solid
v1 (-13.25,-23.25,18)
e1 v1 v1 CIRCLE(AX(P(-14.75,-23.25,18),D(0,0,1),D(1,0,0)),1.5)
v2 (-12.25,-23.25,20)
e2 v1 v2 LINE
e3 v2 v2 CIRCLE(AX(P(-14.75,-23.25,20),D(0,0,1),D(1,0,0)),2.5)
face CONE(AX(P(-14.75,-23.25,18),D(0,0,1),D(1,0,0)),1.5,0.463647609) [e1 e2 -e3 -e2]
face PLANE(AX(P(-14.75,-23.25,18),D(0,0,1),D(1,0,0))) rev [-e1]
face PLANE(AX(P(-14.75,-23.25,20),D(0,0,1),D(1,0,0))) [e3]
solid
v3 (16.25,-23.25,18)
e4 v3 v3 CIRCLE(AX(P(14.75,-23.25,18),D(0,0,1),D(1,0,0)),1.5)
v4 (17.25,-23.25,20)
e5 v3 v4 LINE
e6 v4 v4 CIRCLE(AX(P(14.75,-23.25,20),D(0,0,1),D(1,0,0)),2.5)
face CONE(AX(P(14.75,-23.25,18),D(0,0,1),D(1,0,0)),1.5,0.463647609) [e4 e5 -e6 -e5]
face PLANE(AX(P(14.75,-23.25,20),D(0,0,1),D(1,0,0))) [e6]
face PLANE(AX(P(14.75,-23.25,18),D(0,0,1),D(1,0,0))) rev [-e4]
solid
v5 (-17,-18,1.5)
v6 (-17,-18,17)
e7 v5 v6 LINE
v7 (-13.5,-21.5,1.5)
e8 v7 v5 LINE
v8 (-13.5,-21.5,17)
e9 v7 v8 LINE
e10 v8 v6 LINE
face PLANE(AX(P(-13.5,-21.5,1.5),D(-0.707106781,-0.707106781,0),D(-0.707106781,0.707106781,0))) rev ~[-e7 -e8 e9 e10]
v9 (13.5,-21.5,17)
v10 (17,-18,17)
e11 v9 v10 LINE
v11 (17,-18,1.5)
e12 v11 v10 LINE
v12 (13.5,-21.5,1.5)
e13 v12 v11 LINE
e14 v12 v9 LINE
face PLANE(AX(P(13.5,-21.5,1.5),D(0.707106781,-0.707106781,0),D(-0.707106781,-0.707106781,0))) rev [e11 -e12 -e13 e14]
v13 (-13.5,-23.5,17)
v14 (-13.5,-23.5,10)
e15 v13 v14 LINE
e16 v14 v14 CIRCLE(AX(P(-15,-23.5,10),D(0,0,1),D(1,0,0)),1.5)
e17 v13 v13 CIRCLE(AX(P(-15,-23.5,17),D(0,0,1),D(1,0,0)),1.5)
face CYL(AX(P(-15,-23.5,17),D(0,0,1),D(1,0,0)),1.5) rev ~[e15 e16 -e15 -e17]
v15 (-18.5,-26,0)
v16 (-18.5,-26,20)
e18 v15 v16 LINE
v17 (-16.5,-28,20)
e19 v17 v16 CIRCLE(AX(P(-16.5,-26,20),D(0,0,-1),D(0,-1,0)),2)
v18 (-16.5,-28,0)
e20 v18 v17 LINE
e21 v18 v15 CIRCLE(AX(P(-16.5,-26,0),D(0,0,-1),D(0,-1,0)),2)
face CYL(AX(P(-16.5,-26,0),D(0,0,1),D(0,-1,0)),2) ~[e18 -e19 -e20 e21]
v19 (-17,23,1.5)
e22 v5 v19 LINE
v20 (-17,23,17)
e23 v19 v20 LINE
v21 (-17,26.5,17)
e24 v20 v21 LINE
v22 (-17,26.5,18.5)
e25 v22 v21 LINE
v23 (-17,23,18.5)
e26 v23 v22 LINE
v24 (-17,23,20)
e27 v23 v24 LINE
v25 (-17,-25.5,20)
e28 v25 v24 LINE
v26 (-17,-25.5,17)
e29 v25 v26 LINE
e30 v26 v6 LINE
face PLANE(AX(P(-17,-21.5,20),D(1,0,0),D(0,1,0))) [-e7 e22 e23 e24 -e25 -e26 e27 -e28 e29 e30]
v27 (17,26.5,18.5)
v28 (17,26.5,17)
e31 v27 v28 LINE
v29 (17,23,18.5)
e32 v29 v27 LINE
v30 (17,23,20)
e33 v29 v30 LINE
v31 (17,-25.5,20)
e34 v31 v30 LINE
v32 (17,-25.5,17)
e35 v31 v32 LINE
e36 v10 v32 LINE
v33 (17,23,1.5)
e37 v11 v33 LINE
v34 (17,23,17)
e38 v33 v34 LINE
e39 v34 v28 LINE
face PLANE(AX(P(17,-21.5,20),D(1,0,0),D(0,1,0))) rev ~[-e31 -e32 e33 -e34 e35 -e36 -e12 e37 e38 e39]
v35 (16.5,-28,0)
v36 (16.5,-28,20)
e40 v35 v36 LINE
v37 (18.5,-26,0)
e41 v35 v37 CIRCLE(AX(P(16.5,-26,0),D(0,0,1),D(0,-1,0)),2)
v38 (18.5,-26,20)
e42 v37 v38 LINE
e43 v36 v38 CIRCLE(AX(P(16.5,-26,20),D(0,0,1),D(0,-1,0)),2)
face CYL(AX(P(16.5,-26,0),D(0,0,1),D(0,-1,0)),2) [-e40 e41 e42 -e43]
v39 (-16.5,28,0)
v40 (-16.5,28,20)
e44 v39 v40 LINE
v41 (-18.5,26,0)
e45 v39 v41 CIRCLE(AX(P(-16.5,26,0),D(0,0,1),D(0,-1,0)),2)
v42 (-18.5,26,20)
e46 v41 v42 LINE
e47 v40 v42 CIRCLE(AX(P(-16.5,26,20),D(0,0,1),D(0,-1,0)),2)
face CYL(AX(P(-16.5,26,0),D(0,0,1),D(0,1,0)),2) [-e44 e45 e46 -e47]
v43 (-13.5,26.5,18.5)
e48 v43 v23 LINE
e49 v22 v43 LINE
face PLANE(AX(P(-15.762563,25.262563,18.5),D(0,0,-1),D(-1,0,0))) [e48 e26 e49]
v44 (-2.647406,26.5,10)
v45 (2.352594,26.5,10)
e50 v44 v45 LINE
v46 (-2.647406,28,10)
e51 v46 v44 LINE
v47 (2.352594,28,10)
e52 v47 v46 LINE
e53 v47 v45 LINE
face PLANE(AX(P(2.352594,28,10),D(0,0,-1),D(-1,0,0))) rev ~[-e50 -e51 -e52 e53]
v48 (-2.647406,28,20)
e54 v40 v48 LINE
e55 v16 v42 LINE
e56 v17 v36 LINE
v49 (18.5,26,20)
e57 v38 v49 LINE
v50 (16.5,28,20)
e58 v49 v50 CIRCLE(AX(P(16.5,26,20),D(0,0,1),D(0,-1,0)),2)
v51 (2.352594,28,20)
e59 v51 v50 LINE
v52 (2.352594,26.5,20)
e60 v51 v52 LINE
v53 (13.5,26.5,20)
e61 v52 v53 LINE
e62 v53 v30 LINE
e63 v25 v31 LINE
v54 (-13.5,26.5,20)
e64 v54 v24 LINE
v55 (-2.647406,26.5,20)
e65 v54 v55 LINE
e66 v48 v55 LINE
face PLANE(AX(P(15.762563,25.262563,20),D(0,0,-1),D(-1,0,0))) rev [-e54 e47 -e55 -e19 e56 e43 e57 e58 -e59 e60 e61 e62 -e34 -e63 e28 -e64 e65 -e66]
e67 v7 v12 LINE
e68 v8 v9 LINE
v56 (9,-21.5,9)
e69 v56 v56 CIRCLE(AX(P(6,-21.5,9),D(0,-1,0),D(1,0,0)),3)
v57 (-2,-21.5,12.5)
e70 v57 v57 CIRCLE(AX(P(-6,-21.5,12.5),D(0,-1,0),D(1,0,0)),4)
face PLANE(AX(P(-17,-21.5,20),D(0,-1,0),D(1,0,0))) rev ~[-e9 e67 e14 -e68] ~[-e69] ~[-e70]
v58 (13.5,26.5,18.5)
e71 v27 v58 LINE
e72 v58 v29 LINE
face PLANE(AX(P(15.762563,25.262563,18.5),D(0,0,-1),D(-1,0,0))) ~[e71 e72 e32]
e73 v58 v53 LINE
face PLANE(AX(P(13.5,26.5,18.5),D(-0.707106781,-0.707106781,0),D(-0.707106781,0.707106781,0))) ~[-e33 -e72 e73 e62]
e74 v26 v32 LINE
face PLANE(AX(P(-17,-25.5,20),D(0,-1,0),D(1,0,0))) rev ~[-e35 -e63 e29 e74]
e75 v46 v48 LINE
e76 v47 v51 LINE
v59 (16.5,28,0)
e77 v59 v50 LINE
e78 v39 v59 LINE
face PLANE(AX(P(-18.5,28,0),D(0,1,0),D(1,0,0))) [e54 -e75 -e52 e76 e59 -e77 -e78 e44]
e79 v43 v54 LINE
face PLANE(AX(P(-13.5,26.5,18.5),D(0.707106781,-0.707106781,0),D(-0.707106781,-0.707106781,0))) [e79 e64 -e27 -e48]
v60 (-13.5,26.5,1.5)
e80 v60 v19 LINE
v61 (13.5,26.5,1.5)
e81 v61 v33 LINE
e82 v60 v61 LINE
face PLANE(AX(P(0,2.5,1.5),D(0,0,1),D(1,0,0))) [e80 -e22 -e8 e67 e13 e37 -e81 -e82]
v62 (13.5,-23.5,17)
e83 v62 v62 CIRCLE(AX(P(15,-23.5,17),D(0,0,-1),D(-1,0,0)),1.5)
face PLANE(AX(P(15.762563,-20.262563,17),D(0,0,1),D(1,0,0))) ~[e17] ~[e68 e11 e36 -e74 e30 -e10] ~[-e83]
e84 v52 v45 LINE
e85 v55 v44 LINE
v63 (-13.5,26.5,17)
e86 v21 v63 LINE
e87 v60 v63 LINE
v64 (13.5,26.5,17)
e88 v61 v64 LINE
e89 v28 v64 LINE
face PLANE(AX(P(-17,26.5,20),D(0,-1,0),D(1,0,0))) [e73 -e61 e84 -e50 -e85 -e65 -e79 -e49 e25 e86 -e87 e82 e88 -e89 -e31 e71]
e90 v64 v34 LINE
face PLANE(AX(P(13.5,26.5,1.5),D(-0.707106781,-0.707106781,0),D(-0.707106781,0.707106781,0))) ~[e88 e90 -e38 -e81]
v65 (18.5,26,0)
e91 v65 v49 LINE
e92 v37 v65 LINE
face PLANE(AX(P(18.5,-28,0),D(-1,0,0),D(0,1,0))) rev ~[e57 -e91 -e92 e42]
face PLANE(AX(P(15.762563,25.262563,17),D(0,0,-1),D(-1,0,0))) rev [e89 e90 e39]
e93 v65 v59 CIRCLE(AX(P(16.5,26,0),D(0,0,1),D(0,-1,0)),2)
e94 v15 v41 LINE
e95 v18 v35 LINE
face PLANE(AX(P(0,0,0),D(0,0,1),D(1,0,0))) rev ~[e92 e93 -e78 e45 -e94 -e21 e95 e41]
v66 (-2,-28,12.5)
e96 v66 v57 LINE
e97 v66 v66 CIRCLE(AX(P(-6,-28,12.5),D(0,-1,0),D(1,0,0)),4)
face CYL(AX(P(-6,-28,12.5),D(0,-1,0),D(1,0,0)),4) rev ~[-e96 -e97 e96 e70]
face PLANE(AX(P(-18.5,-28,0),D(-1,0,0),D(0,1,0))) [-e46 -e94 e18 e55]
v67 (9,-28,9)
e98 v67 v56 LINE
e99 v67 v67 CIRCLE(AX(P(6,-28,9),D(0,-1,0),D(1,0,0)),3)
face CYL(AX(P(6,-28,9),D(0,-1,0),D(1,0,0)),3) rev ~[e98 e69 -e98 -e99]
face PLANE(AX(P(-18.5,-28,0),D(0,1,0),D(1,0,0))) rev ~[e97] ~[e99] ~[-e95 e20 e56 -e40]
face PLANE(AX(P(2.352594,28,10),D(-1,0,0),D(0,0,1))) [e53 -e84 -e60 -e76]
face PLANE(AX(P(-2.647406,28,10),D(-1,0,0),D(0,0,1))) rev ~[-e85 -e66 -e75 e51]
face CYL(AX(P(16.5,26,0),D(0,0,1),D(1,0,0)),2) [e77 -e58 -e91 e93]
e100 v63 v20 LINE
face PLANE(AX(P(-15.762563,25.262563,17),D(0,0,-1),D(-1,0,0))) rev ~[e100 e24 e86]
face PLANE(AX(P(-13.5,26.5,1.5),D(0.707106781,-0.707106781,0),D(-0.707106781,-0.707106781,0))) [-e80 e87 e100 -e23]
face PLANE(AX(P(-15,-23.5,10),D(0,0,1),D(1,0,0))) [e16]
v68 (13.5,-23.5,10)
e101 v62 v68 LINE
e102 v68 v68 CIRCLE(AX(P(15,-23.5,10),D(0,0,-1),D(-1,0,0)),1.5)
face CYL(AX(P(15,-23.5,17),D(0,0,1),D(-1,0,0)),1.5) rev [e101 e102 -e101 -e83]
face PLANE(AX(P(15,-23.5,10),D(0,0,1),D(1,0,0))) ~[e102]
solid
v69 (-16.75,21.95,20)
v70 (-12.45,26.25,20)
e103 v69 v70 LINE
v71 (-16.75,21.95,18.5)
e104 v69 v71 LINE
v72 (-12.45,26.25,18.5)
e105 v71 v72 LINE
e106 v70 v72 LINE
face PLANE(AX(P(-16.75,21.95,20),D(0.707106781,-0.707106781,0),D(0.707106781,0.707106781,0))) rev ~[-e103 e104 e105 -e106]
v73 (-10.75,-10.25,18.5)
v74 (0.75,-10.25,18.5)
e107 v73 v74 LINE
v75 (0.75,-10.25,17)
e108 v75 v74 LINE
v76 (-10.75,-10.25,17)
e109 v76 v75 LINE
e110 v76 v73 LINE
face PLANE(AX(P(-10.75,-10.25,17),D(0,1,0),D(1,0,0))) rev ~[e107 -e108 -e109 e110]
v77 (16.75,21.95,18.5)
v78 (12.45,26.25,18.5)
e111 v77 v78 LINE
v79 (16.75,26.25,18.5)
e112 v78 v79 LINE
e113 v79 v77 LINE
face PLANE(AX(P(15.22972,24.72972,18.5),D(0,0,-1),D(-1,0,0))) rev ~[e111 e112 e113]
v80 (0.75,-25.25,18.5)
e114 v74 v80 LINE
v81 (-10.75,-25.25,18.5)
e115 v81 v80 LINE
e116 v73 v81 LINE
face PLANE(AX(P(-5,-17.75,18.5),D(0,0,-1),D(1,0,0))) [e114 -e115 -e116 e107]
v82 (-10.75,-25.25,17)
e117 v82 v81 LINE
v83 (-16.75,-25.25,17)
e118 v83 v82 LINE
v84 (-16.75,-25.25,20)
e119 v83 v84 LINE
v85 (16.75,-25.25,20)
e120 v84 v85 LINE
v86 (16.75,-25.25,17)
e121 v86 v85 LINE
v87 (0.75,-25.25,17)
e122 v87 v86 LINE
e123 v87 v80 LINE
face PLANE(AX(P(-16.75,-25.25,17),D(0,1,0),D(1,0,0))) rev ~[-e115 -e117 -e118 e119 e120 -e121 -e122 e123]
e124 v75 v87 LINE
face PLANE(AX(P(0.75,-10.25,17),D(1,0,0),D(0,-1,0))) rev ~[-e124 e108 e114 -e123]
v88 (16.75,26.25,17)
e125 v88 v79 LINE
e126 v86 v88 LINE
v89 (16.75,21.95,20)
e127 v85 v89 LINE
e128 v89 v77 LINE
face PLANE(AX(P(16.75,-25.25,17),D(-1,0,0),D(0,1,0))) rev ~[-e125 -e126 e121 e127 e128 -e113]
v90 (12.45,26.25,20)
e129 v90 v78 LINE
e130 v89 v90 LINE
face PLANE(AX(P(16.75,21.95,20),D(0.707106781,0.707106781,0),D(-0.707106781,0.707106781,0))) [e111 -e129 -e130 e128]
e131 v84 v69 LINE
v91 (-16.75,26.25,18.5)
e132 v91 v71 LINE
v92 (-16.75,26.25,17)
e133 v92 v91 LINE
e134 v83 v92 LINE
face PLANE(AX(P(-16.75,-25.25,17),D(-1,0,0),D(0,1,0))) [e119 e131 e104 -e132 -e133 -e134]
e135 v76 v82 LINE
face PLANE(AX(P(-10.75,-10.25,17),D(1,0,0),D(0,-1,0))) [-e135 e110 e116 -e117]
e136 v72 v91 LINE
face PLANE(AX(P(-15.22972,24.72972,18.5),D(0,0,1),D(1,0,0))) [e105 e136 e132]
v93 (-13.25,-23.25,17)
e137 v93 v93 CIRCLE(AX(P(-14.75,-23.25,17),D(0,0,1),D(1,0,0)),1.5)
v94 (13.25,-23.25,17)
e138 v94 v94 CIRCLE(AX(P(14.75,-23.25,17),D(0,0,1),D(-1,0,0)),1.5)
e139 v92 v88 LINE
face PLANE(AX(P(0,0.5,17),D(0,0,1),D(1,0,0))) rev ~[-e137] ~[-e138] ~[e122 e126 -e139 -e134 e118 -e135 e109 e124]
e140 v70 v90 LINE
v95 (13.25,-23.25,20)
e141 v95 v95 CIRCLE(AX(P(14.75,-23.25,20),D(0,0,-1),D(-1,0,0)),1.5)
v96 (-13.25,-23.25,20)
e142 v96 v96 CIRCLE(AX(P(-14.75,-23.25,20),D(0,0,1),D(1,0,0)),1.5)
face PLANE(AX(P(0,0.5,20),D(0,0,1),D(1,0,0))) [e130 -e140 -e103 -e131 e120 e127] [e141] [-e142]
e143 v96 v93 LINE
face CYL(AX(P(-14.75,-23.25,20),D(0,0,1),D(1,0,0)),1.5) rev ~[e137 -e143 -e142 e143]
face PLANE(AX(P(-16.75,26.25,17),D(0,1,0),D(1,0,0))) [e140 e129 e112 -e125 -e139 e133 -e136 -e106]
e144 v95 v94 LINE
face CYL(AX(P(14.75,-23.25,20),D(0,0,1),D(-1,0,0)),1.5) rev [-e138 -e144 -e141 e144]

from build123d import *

# Parameters (mm, degrees)
SKETCH_W        = 37
SKETCH_H        = 56
PAD_DEPTH       = 20
SKETCH001_W     = 34
SKETCH001_H     = 48
POCKET_DEPTH    = 18.5
PAD001_DEPTH    = 15.5
SKETCH003_R     = 3
SKETCH003_R_2   = 4
POCKET001_DEPTH = 6.5
SKETCH004_W     = 34
SKETCH004_H     = 4
POCKET002_DEPTH = 3
PAD002_DEPTH    = 1.5
SKETCH006_R     = 1.5
POCKET003_DEPTH = 7
FILLET_R        = 2
SKETCH010_W     = 5
SKETCH010_H     = 10
POCKET006_DEPTH = 5
SKETCH007_W     = 33.5
SKETCH007_H     = 51.5
PAD003_DEPTH    = 3
POCKET004_DEPTH = 1.5
SKETCH009_R     = 1.5
POCKET005_DEPTH = 126.021324
SKETCH011_W     = 11.5
SKETCH011_H     = 15
POCKET007_DEPTH = 1.5


with BuildPart() as body:
    # Sketch → Pad (new body)
    with BuildSketch(Plane.XY):
        Rectangle(SKETCH_W, SKETCH_H)
    extrude(amount=PAD_DEPTH)

    # Sketch001 (on Face6 of Pad) → Pocket (cut)
    with BuildSketch(Plane.XY.offset(20)):
        with Locations((0, 2.5)):
            Rectangle(SKETCH001_W, SKETCH001_H)
    extrude(amount=-POCKET_DEPTH, mode=Mode.SUBTRACT)

    # Sketch002 (on Face11 of Pocket) → Pad001 (join)
    with BuildSketch(Plane.XY.offset(1.5)):
        Polygon((-17, 23), (-17, 26.5), (-13.5, 26.5), align=None)
        Polygon((-17, -18), (-17, -21.5), (-13.5, -21.5), align=None)
    pad001 = extrude(amount=PAD001_DEPTH)

    # Mirrored: Pad001 across Sketch002 V_Axis
    add(pad001.mirror(Plane(origin=(0, 0, 1.5), x_dir=(0, 0, 1), z_dir=(1, 0, 0))))

    # Sketch003 (on Face6 of Mirrored) → Pocket001 (cut)
    with BuildSketch(Plane.XZ.offset(28)):
        with Locations((6, 9)):
            Circle(SKETCH003_R)
        with Locations((-6, 12.5)):
            Circle(SKETCH003_R_2)
    extrude(amount=-POCKET001_DEPTH, mode=Mode.SUBTRACT)

    # Sketch004 (on Face4 of Pocket001) → Pocket002 (cut)
    with BuildSketch(Plane.XY.offset(20)):
        with Locations((0, -23.5)):
            Rectangle(SKETCH004_W, SKETCH004_H)
    extrude(amount=-POCKET002_DEPTH, mode=Mode.SUBTRACT)

    # Sketch005 (on Face15 of Pocket002) → Pad002 (join)
    with BuildSketch(Plane.XY.offset(18.5)):
        Polygon((-17, 23), (-17, 26.5), (-13.5, 26.5), align=None)
    pad002 = extrude(amount=PAD002_DEPTH)

    # Mirrored001: Pad002 across Sketch005 V_Axis
    add(pad002.mirror(Plane(origin=(0, 0, 18.5), x_dir=(0, 0, 1), z_dir=(1, 0, 0))))

    # Sketch006 (on Face28 of Mirrored001) → Pocket003 (cut)
    with BuildSketch(Plane.XY.offset(17)):
        with Locations((-15, -23.5)):
            Circle(SKETCH006_R)
    pocket003 = extrude(amount=-POCKET003_DEPTH, mode=Mode.SUBTRACT)

    # Mirrored002: Pocket003 across Sketch006 V_Axis
    add(pocket003.mirror(Plane(origin=(0, 0, 17), x_dir=(0, 0, 1), z_dir=(1, 0, 0))), mode=Mode.SUBTRACT)

    # Fillet
    fillet_edges = [body.edges().sort_by_distance(p)[0] for p in [
        (18.5, -28, 10),
        (-18.5, -28, 10),
        (-18.5, 28, 10),
        (18.5, 28, 10),
    ]]
    fillet(fillet_edges, radius=FILLET_R)

    # Sketch010 (on Face1 of Fillet) → Pocket006 (cut)
    with BuildSketch(Plane(origin=(0, 28, 0), x_dir=(-1, 0, 0), z_dir=(0, 1, 0))):
        with Locations((0.147406, 15)):
            Rectangle(SKETCH010_W, SKETCH010_H)
    extrude(amount=-POCKET006_DEPTH, mode=Mode.SUBTRACT)


with BuildPart() as body001:
    # Sketch007 → Pad003 (new body)
    with BuildSketch(Plane.XY):
        Rectangle(SKETCH007_W, SKETCH007_H)
    extrude(amount=PAD003_DEPTH)

    # Sketch008 (on Face6 of Pad003) → Pocket004 (cut)
    with BuildSketch(Plane.XY.offset(3)):
        Polygon((-16.75, 25.75), (-16.75, 21.45), (-12.45, 25.75), align=None)
        Polygon((12.45, 25.75), (16.75, 25.75), (16.75, 21.45), align=None)
    extrude(amount=-POCKET004_DEPTH, mode=Mode.SUBTRACT)

    # Sketch009 (on Face6 of Pocket004) → Pocket005 (cut, through all)
    with BuildSketch(Plane.XY.offset(3)):
        with Locations((-14.75, -23.75)):
            Circle(SKETCH009_R)
    pocket005 = extrude(amount=-POCKET005_DEPTH, mode=Mode.SUBTRACT)

    # Mirrored003: Pocket005 across Sketch009 V_Axis
    add(pocket005.mirror(Plane(origin=(0, 0, 3), x_dir=(0, 0, 1), z_dir=(1, 0, 0))), mode=Mode.SUBTRACT)

    # Sketch011 (on Face2 of Mirrored003) → Pocket007 (cut)
    with BuildSketch(Plane(origin=(0, 0, 0), x_dir=(1, 0, 0), z_dir=(0, 0, -1))):
        with Locations((-5, 18.25)):
            Rectangle(SKETCH011_W, SKETCH011_H)
    extrude(amount=-POCKET007_DEPTH, mode=Mode.SUBTRACT)


with BuildPart() as body001_1:
    # Body001 placement: moved
    add(body001.part.moved(Location((0, 0.5, 17))))


with BuildPart() as cone:
    # Cone → Cone (revolve)
    with BuildSketch(Plane(origin=(-14.75, -23.25, 18), x_dir=(1, 0, 0), z_dir=(0, -1, 0))):
        Polygon((0, 0), (1.5, 0), (2.5, 2), (0, 2), align=None)
    revolve(axis=Axis((-14.75, -23.25, 18), (0, 0, 1)))


with BuildPart() as cone001:
    # Cone001 → Cone001 (revolve)
    with BuildSketch(Plane(origin=(14.75, -23.25, 18), x_dir=(1, 0, 0), z_dir=(0, -1, 0))):
        Polygon((0, 0), (1.5, 0), (2.5, 2), (0, 2), align=None)
    revolve(axis=Axis((14.75, -23.25, 18), (0, 0, 1)))


solid = Compound([body.part, body001_1.part, cone.part, cone001.part])
